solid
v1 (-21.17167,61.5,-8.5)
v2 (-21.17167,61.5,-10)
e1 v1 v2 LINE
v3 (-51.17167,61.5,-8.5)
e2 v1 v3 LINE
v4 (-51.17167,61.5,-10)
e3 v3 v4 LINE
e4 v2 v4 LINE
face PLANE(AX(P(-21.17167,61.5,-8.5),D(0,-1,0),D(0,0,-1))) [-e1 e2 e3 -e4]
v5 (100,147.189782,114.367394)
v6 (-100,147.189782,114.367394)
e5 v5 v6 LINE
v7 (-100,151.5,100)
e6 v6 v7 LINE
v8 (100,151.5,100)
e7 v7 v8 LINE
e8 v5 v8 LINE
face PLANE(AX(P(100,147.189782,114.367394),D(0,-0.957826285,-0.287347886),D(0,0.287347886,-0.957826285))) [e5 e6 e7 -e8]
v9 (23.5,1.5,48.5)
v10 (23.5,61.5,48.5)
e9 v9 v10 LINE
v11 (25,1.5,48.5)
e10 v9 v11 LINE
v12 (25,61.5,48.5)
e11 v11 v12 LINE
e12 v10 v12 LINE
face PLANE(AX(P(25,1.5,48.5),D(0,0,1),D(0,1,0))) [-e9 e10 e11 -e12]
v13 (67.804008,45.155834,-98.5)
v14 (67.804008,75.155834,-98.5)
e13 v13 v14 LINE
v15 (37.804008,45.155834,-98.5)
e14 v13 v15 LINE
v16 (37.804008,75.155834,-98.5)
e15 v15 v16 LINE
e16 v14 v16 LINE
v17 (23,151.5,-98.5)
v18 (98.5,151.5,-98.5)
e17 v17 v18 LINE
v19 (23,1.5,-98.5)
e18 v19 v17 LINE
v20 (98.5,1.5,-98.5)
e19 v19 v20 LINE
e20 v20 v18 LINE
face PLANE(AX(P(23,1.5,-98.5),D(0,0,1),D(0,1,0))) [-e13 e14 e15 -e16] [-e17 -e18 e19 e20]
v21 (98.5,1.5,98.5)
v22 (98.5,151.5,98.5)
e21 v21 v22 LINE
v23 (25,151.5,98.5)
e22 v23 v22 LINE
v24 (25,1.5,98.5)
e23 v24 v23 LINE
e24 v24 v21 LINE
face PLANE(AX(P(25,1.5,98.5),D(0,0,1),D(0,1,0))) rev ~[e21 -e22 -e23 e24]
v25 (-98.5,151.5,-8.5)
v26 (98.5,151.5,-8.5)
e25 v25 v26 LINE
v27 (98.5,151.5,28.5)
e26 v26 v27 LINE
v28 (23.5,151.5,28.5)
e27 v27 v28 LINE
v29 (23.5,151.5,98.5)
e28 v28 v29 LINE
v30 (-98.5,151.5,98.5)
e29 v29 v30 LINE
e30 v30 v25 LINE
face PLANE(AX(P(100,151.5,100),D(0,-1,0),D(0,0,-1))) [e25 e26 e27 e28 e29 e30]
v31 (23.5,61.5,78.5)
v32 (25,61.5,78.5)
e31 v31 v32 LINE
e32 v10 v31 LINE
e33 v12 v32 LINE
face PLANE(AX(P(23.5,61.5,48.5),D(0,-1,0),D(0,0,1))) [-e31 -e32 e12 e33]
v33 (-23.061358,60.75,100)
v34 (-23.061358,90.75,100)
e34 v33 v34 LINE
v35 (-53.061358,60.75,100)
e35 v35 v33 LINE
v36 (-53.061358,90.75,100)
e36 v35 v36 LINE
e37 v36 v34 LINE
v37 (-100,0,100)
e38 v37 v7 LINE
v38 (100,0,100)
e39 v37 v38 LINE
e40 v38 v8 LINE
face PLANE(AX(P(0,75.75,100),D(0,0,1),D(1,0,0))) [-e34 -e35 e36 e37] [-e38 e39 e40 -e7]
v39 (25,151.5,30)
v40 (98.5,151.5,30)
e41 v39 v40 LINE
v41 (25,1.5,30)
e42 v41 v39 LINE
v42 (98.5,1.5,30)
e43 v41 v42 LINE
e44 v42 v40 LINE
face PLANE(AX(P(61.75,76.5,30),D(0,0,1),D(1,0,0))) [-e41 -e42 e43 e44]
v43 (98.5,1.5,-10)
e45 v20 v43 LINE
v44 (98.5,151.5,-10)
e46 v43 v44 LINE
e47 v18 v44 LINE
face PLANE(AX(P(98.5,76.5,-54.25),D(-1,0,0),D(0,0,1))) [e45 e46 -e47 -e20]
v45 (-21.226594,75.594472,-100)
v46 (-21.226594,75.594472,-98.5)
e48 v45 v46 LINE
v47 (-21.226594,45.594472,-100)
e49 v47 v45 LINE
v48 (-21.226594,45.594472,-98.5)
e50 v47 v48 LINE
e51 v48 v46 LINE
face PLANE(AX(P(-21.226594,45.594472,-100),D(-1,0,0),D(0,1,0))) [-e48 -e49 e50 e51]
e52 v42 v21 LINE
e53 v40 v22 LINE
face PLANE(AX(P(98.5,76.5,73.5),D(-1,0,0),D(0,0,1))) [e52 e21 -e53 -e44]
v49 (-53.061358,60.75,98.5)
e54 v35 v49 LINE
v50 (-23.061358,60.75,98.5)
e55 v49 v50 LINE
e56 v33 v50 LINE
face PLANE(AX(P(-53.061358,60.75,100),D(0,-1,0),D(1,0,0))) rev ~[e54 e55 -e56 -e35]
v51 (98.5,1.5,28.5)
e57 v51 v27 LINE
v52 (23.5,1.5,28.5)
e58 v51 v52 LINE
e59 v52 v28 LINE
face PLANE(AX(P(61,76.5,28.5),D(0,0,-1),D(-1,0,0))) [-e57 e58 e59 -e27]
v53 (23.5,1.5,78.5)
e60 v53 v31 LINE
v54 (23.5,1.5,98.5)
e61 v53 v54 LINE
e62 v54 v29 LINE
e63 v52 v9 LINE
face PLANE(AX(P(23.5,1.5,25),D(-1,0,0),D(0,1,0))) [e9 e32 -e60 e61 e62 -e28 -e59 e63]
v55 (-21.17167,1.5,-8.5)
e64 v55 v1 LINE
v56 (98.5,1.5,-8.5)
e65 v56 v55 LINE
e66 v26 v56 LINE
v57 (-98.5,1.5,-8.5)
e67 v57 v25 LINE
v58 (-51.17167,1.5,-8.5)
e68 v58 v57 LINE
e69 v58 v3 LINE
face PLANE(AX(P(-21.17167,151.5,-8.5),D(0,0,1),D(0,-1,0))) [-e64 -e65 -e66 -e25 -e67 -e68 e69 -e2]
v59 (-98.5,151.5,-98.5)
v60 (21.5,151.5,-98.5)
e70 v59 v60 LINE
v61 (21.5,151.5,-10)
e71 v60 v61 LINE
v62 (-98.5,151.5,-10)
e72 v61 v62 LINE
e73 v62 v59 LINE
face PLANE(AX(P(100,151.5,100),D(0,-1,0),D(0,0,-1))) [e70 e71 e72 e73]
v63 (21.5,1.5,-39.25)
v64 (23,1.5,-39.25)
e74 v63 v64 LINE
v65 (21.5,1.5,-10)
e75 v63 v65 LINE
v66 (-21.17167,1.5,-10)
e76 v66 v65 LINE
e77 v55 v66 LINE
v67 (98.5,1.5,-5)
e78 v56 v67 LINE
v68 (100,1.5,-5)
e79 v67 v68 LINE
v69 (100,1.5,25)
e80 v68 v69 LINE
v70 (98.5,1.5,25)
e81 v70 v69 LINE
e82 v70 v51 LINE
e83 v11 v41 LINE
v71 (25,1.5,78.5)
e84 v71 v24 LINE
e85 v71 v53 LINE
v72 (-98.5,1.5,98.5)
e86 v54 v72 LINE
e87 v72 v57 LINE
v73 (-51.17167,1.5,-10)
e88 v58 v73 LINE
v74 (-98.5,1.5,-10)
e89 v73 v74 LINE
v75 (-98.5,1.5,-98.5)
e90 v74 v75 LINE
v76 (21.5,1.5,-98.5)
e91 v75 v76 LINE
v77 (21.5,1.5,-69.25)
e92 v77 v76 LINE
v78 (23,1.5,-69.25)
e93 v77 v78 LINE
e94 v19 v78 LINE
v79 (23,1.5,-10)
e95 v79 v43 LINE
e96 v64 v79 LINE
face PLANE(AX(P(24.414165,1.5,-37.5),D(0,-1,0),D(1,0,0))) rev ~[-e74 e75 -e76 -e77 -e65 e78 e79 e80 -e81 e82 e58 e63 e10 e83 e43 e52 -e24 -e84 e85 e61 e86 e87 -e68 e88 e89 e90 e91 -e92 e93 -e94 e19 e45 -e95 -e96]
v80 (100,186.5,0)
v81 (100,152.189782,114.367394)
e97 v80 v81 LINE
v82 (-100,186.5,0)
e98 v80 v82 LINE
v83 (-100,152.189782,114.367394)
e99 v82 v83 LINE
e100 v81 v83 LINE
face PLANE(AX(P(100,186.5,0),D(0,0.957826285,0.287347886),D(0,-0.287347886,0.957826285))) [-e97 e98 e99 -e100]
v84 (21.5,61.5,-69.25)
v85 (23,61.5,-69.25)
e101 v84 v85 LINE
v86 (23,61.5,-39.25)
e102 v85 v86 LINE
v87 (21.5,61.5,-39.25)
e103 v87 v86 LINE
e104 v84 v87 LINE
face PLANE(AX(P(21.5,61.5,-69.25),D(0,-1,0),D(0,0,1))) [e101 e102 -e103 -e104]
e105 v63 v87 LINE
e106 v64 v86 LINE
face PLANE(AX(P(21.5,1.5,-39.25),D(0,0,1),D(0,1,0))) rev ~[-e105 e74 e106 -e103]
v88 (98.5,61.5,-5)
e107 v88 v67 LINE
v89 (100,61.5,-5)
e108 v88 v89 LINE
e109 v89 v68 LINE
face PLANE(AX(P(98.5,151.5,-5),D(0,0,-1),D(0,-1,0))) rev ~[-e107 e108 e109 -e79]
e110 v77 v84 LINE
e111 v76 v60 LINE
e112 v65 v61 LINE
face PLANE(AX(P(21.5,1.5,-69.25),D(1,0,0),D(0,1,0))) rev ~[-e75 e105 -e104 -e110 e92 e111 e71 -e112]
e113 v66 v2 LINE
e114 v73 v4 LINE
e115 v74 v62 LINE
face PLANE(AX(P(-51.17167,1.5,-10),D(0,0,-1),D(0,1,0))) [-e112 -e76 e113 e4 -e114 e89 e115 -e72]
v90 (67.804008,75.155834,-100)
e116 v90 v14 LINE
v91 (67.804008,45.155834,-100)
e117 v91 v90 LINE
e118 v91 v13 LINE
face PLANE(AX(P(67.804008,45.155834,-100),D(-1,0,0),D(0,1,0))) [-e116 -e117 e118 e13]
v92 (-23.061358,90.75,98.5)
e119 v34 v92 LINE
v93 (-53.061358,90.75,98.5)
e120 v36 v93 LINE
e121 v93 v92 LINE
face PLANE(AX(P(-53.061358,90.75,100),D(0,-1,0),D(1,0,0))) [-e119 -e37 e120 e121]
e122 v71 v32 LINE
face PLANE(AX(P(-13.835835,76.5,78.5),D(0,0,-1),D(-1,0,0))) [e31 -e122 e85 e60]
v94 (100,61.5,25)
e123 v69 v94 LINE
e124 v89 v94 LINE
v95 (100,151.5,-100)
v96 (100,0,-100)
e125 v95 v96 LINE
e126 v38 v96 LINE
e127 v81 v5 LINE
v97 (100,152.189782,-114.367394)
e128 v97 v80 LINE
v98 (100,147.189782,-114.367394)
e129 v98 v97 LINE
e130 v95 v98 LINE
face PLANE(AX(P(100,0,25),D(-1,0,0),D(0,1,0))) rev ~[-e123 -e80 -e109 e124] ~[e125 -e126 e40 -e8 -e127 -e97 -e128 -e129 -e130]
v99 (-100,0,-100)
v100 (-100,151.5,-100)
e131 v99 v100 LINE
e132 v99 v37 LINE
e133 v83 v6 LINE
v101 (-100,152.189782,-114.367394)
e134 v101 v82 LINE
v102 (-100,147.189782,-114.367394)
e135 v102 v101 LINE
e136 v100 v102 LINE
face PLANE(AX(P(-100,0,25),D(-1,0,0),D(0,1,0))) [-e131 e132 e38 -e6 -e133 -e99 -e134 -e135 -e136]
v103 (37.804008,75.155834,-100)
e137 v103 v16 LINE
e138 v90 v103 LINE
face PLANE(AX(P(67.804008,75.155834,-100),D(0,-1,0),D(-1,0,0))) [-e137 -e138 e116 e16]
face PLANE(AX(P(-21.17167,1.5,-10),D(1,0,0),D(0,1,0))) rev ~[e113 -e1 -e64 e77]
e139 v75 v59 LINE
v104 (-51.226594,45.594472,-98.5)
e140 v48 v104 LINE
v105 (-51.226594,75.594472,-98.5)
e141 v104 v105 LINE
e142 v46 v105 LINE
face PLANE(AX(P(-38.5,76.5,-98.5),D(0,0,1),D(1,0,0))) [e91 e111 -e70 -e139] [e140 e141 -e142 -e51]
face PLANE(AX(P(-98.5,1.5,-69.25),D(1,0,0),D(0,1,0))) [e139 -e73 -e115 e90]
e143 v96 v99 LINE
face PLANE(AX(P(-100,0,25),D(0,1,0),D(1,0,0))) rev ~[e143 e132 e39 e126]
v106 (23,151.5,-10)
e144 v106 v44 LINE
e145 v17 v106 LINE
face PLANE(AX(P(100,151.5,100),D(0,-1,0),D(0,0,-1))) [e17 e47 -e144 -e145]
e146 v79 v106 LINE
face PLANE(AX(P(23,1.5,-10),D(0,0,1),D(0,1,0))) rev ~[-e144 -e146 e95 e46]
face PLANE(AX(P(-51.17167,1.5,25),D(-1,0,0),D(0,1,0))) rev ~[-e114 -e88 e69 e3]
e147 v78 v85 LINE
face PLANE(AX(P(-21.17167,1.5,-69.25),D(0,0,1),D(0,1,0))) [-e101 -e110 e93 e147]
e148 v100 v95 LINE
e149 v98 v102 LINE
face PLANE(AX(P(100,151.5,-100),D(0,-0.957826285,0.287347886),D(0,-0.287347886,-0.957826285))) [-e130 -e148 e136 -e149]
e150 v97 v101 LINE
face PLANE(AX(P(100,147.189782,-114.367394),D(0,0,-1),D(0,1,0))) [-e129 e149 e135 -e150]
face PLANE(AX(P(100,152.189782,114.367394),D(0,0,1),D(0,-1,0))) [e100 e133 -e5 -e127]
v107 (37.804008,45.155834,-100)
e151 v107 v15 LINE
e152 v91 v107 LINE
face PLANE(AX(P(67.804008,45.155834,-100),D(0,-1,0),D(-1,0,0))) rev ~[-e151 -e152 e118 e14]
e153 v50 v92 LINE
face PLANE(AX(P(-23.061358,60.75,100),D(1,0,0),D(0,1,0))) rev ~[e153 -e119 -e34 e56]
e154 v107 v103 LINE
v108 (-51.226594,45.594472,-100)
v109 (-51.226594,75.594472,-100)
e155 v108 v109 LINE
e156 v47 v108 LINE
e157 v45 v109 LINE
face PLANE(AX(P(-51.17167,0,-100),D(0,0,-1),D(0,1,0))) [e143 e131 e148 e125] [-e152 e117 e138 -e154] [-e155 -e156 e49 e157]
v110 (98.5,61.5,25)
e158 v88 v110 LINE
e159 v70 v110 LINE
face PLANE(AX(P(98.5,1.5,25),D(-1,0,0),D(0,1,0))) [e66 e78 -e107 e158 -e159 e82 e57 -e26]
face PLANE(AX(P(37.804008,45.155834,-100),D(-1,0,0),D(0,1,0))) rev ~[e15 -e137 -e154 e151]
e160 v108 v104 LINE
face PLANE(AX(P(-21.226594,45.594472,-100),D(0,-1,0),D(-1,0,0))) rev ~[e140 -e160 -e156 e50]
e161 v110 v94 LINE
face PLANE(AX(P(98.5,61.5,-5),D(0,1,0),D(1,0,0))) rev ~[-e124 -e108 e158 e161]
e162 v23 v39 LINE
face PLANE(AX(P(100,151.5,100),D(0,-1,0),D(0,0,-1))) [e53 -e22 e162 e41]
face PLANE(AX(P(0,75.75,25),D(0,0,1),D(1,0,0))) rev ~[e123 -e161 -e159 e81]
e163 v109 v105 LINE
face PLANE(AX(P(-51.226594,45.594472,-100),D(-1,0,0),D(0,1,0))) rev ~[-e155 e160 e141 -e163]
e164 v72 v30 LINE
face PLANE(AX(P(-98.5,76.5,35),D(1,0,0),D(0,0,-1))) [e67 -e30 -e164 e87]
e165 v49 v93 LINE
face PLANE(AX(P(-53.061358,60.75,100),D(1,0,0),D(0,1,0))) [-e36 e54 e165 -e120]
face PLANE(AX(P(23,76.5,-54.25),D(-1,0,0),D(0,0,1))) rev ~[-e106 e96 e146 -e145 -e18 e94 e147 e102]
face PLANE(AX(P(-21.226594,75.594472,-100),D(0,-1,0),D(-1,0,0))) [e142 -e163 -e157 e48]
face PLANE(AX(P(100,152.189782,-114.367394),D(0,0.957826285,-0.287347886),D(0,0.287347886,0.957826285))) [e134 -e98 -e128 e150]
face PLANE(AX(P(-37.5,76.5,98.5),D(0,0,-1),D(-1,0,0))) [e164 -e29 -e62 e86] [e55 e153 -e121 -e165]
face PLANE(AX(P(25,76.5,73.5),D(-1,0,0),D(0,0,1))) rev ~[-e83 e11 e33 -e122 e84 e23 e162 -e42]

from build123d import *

# Parameters (mm, degrees)
SKETCH_1_W           = 150
SKETCH_1_H           = 3.5
EXTRUDE_1_DEPTH      = 1.5
SKETCH_2_W           = 121.171669679
SKETCH_2_H           = 150
EXTRUDE_2_DEPTH      = 91.5
SKETCH_3_W           = 1.5
SKETCH_3_H           = 90
EXTRUDE_3_DEPTH      = 30
EXTRUDE_4_DEPTH      = 30
SKETCH_5_W           = 151.171669679
SKETCH_5_H           = 125
EXTRUDE_5_DEPTH      = 1.5
SKETCH_6_W           = 125
SKETCH_6_H           = 151.5
EXTRUDE_6_DEPTH      = 48.828330321
SKETCH_7_W           = 200
SKETCH_7_H           = 151.5
EXTRUDE_7_DEPTH      = 75
SKETCH_8_W           = 74.671669679
SKETCH_8_H           = 150
CUT_EXTRUDE_1_DEPTH  = 53.5
SKETCH_9_W           = 30
SKETCH_9_H           = 150
CUT_EXTRUDE_2_DEPTH  = 59.25
SKETCH_10_W          = 59.25
SKETCH_10_H          = 150
CUT_EXTRUDE_3_DEPTH  = 42.671669679
SKETCH_11_W          = 30
SKETCH_11_H          = 60
CUT_EXTRUDE_4_DEPTH  = 1.5
SKETCH_12_W          = 30
SKETCH_12_H          = 60
CUT_EXTRUDE_5_DEPTH  = 1.5
SKETCH_13_W          = 87
SKETCH_13_H          = 150
CUT_EXTRUDE_6_DEPTH  = 47.328330321
SKETCH_14_W          = 59.25
SKETCH_14_H          = 150
CUT_EXTRUDE_7_DEPTH  = 47.328330321
SKETCH_15_W          = 120
SKETCH_15_H          = 150
CUT_EXTRUDE_8_DEPTH  = 29.25
SKETCH_16_W          = 88.5
SKETCH_16_H          = 150
CUT_EXTRUDE_9_DEPTH  = 75.5
SKETCH_17_W          = 122
SKETCH_17_H          = 150
CUT_EXTRUDE_10_DEPTH = 20
SKETCH_18_W          = 50
SKETCH_18_H          = 150
CUT_EXTRUDE_11_DEPTH = 73.5
SKETCH_19_W          = 73.5
SKETCH_19_H          = 150
CUT_EXTRUDE_12_DEPTH = 18.5
SKETCH_20_W          = 75
SKETCH_20_H          = 150
CUT_EXTRUDE_13_DEPTH = 3.5
CUT_EXTRUDE_14_REACH = 272.097
SKETCH_21_W          = 30
SKETCH_21_H          = 30
CUT_EXTRUDE_15_REACH = 272.097
SKETCH_22_W          = 30
SKETCH_22_H          = 30
CUT_EXTRUDE_16_REACH = 272.097
SKETCH_23_W          = 30
SKETCH_23_H          = 30
EXTRUDE_11_DEPTH     = 200
EXTRUDE_12_DEPTH     = 200


with BuildPart() as part:
    # 草圖1 → 填料-伸長1 (new body)
    with BuildSketch(Plane(origin=(98.5, 0, 0), x_dir=(0, -1, 0), z_dir=(-1, 0, 0))):
        with Locations((-76.5, -6.75)):
            Rectangle(SKETCH_1_W, SKETCH_1_H)
    extrude(amount=-EXTRUDE_1_DEPTH)

    # 草圖2 → 填料-伸長2 (add)
    with BuildSketch(Plane(origin=(0, 0, -8.5), x_dir=(-1, 0, 0), z_dir=(0, 0, -1))):
        with Locations((-39.41416516, 76.5)):
            Rectangle(SKETCH_2_W, SKETCH_2_H)
    extrude(amount=EXTRUDE_2_DEPTH)

    # 草圖3 → 填料-伸長3 (add)
    with BuildSketch(Plane.XY.offset(-5)):
        with Locations((99.25, 106.5)):
            Rectangle(SKETCH_3_W, SKETCH_3_H)
    extrude(amount=EXTRUDE_3_DEPTH)

    # 草圖4 → 填料-伸長4 (add)
    with BuildSketch(Plane.ZY.offset(21.171669679)):
        Polygon((-100, 1.5), (-100, 151.5), (-8.5, 151.5), (-8.5, 61.5), (-10, 61.5), (-10, 1.5), align=None)
    extrude(amount=EXTRUDE_4_DEPTH)

    # 草圖5 → 填料-伸長5 (add)
    with BuildSketch(Plane.XZ.offset(-1.5)):
        with Locations((24.41416516, -37.5)):
            Rectangle(SKETCH_5_W, SKETCH_5_H)
    extrude(amount=EXTRUDE_5_DEPTH)

    # 草圖6 → 填料-伸長6 (add)
    with BuildSketch(Plane.ZY.offset(51.171669679)):
        with Locations((-37.5, 75.75)):
            Rectangle(SKETCH_6_W, SKETCH_6_H)
    extrude(amount=EXTRUDE_6_DEPTH)

    # 草圖7 → 填料-伸長7 (add)
    with BuildSketch(Plane.XY.offset(25)):
        with Locations((0, 75.75)):
            Rectangle(SKETCH_7_W, SKETCH_7_H)
    extrude(amount=EXTRUDE_7_DEPTH)

    # 草圖8 → 除料-伸長1 (cut)
    with BuildSketch(Plane(origin=(0, 0, 25), x_dir=(-1, 0, 0), z_dir=(0, 0, -1))):
        with Locations((13.83583484, 76.5)):
            Rectangle(SKETCH_8_W, SKETCH_8_H)
    extrude(amount=-CUT_EXTRUDE_1_DEPTH, mode=Mode.SUBTRACT)

    # 草圖9 → 除料-伸長2 (cut)
    with BuildSketch(Plane.XY.offset(-10)):
        with Locations((-36.171669679, 76.5)):
            Rectangle(SKETCH_9_W, SKETCH_9_H)
    extrude(amount=-CUT_EXTRUDE_2_DEPTH, mode=Mode.SUBTRACT)

    # 草圖10 → 除料-伸長3 (cut)
    with BuildSketch(Plane.ZY.offset(21.171669679)):
        with Locations((-39.625, 76.5)):
            Rectangle(SKETCH_10_W, SKETCH_10_H)
    extrude(amount=-CUT_EXTRUDE_3_DEPTH, mode=Mode.SUBTRACT)

    # 草圖11 → 除料-伸長4 (cut)
    with BuildSketch(Plane.ZY.offset(-23.5)):
        with Locations((63.5, 31.5)):
            Rectangle(SKETCH_11_W, SKETCH_11_H)
    extrude(amount=-CUT_EXTRUDE_4_DEPTH, mode=Mode.SUBTRACT)

    # 草圖12 → 除料-伸長5 (cut)
    with BuildSketch(Plane.ZY.offset(-21.5)):
        with Locations((-54.25, 31.5)):
            Rectangle(SKETCH_12_W, SKETCH_12_H)
    extrude(amount=-CUT_EXTRUDE_5_DEPTH, mode=Mode.SUBTRACT)

    # 草圖13 → 除料-伸長6 (cut)
    with BuildSketch(Plane(origin=(-51.171669679, 0, 0), x_dir=(0, 0, -1), z_dir=(1, 0, 0))):
        with Locations((-35, 76.5)):
            Rectangle(SKETCH_13_W, SKETCH_13_H)
    extrude(amount=-CUT_EXTRUDE_6_DEPTH, mode=Mode.SUBTRACT)

    # 草圖14 → 除料-伸長7 (cut)
    with BuildSketch(Plane(origin=(-51.171669679, 0, 0), x_dir=(0, 0, -1), z_dir=(1, 0, 0))):
        with Locations((39.625, 76.5)):
            Rectangle(SKETCH_14_W, SKETCH_14_H)
    extrude(amount=-CUT_EXTRUDE_7_DEPTH, mode=Mode.SUBTRACT)

    # 草圖15 → 除料-伸長8 (cut)
    with BuildSketch(Plane.XY.offset(-69.25)):
        with Locations((-38.5, 76.5)):
            Rectangle(SKETCH_15_W, SKETCH_15_H)
    extrude(amount=-CUT_EXTRUDE_8_DEPTH, mode=Mode.SUBTRACT)

    # 草圖16 → 除料-伸長9 (cut)
    with BuildSketch(Plane.ZY.offset(-23)):
        with Locations((-54.25, 76.5)):
            Rectangle(SKETCH_16_W, SKETCH_16_H)
    extrude(amount=-CUT_EXTRUDE_9_DEPTH, mode=Mode.SUBTRACT)

    # 草圖17 → 除料-伸長10 (cut)
    with BuildSketch(Plane(origin=(0, 0, 78.5), x_dir=(-1, 0, 0), z_dir=(0, 0, -1))):
        with Locations((37.5, 76.5)):
            Rectangle(SKETCH_17_W, SKETCH_17_H)
    extrude(amount=-CUT_EXTRUDE_10_DEPTH, mode=Mode.SUBTRACT)

    # 草圖18 → 除料-伸長11 (cut)
    with BuildSketch(Plane.ZY.offset(-25)):
        with Locations((73.5, 76.5)):
            Rectangle(SKETCH_18_W, SKETCH_18_H)
    extrude(amount=-CUT_EXTRUDE_11_DEPTH, mode=Mode.SUBTRACT)

    # 草圖19 → 除料-伸長12 (cut)
    with BuildSketch(Plane.XY.offset(48.5)):
        with Locations((61.75, 76.5)):
            Rectangle(SKETCH_19_W, SKETCH_19_H)
    extrude(amount=-CUT_EXTRUDE_12_DEPTH, mode=Mode.SUBTRACT)

    # 草圖20 → 除料-伸長13 (cut)
    with BuildSketch(Plane(origin=(0, 0, 25), x_dir=(-1, 0, 0), z_dir=(0, 0, -1))):
        with Locations((-61, 76.5)):
            Rectangle(SKETCH_20_W, SKETCH_20_H)
    extrude(amount=-CUT_EXTRUDE_13_DEPTH, mode=Mode.SUBTRACT)

    # 草圖21 → 除料-伸長14 (cut, up to next)
    with BuildSketch(Plane(origin=(0, 0, -100), x_dir=(-1, 0, 0), z_dir=(0, 0, -1)), mode=Mode.PRIVATE) as cut_extrude_14_sk1:
        with Locations((-52.804007689, 60.155834385)):
            Rectangle(SKETCH_21_W, SKETCH_21_H)
    cut_extrude_14_tool1 = extrude(cut_extrude_14_sk1.sketch, amount=-CUT_EXTRUDE_14_REACH, mode=Mode.PRIVATE) & part.part
    add(cut_extrude_14_tool1.solids().sort_by_distance((52.804008, 60.155834, -100))[0], mode=Mode.SUBTRACT)

    # 草圖22 → 除料-伸長15 (cut, up to next)
    with BuildSketch(Plane(origin=(0, 0, -100), x_dir=(-1, 0, 0), z_dir=(0, 0, -1)), mode=Mode.PRIVATE) as cut_extrude_15_sk1:
        with Locations((36.226594007, 60.594472186)):
            Rectangle(SKETCH_22_W, SKETCH_22_H)
    cut_extrude_15_tool1 = extrude(cut_extrude_15_sk1.sketch, amount=-CUT_EXTRUDE_15_REACH, mode=Mode.PRIVATE) & part.part
    add(cut_extrude_15_tool1.solids().sort_by_distance((-36.226594, 60.594472, -100))[0], mode=Mode.SUBTRACT)

    # 草圖23 → 除料-伸長16 (cut, up to next)
    with BuildSketch(Plane.XY.offset(100), mode=Mode.PRIVATE) as cut_extrude_16_sk1:
        with Locations((-38.061358281, 75.75)):
            Rectangle(SKETCH_23_W, SKETCH_23_H)
    cut_extrude_16_tool1 = extrude(cut_extrude_16_sk1.sketch, amount=-CUT_EXTRUDE_16_REACH, mode=Mode.PRIVATE) & part.part
    add(cut_extrude_16_tool1.solids().sort_by_distance((-38.061358, 75.75, 100))[0], mode=Mode.SUBTRACT)



with BuildPart() as body_2:
    # 草圖26 → 填料-伸長11 (new body)
    with BuildSketch(Plane(origin=(100, 0, 0), x_dir=(0, 0, -1), z_dir=(1, 0, 0))):
        Polygon((-100, 151.5), (0, 181.5), (100, 151.5), (114.367394278, 147.189781717), (114.367394278, 152.189781717), (0, 186.5), (-114.367394278, 152.189781717), (-114.367394278, 147.189781717), align=None)
    extrude(amount=-EXTRUDE_11_DEPTH)


with BuildPart() as part_1:
    add(part.part)

    add(body_2.part)  # 填料-伸長12 merges body 2
    # 草圖27 → 填料-伸長12 (add)
    with BuildSketch(Plane(origin=(100, 0, 0), x_dir=(0, 0, -1), z_dir=(1, 0, 0))):
        Polygon((0, 181.5), (-100, 151.5), (0, 151.5), (100, 151.5), align=None)
    extrude(amount=-EXTRUDE_12_DEPTH)


solid = part_1.part
